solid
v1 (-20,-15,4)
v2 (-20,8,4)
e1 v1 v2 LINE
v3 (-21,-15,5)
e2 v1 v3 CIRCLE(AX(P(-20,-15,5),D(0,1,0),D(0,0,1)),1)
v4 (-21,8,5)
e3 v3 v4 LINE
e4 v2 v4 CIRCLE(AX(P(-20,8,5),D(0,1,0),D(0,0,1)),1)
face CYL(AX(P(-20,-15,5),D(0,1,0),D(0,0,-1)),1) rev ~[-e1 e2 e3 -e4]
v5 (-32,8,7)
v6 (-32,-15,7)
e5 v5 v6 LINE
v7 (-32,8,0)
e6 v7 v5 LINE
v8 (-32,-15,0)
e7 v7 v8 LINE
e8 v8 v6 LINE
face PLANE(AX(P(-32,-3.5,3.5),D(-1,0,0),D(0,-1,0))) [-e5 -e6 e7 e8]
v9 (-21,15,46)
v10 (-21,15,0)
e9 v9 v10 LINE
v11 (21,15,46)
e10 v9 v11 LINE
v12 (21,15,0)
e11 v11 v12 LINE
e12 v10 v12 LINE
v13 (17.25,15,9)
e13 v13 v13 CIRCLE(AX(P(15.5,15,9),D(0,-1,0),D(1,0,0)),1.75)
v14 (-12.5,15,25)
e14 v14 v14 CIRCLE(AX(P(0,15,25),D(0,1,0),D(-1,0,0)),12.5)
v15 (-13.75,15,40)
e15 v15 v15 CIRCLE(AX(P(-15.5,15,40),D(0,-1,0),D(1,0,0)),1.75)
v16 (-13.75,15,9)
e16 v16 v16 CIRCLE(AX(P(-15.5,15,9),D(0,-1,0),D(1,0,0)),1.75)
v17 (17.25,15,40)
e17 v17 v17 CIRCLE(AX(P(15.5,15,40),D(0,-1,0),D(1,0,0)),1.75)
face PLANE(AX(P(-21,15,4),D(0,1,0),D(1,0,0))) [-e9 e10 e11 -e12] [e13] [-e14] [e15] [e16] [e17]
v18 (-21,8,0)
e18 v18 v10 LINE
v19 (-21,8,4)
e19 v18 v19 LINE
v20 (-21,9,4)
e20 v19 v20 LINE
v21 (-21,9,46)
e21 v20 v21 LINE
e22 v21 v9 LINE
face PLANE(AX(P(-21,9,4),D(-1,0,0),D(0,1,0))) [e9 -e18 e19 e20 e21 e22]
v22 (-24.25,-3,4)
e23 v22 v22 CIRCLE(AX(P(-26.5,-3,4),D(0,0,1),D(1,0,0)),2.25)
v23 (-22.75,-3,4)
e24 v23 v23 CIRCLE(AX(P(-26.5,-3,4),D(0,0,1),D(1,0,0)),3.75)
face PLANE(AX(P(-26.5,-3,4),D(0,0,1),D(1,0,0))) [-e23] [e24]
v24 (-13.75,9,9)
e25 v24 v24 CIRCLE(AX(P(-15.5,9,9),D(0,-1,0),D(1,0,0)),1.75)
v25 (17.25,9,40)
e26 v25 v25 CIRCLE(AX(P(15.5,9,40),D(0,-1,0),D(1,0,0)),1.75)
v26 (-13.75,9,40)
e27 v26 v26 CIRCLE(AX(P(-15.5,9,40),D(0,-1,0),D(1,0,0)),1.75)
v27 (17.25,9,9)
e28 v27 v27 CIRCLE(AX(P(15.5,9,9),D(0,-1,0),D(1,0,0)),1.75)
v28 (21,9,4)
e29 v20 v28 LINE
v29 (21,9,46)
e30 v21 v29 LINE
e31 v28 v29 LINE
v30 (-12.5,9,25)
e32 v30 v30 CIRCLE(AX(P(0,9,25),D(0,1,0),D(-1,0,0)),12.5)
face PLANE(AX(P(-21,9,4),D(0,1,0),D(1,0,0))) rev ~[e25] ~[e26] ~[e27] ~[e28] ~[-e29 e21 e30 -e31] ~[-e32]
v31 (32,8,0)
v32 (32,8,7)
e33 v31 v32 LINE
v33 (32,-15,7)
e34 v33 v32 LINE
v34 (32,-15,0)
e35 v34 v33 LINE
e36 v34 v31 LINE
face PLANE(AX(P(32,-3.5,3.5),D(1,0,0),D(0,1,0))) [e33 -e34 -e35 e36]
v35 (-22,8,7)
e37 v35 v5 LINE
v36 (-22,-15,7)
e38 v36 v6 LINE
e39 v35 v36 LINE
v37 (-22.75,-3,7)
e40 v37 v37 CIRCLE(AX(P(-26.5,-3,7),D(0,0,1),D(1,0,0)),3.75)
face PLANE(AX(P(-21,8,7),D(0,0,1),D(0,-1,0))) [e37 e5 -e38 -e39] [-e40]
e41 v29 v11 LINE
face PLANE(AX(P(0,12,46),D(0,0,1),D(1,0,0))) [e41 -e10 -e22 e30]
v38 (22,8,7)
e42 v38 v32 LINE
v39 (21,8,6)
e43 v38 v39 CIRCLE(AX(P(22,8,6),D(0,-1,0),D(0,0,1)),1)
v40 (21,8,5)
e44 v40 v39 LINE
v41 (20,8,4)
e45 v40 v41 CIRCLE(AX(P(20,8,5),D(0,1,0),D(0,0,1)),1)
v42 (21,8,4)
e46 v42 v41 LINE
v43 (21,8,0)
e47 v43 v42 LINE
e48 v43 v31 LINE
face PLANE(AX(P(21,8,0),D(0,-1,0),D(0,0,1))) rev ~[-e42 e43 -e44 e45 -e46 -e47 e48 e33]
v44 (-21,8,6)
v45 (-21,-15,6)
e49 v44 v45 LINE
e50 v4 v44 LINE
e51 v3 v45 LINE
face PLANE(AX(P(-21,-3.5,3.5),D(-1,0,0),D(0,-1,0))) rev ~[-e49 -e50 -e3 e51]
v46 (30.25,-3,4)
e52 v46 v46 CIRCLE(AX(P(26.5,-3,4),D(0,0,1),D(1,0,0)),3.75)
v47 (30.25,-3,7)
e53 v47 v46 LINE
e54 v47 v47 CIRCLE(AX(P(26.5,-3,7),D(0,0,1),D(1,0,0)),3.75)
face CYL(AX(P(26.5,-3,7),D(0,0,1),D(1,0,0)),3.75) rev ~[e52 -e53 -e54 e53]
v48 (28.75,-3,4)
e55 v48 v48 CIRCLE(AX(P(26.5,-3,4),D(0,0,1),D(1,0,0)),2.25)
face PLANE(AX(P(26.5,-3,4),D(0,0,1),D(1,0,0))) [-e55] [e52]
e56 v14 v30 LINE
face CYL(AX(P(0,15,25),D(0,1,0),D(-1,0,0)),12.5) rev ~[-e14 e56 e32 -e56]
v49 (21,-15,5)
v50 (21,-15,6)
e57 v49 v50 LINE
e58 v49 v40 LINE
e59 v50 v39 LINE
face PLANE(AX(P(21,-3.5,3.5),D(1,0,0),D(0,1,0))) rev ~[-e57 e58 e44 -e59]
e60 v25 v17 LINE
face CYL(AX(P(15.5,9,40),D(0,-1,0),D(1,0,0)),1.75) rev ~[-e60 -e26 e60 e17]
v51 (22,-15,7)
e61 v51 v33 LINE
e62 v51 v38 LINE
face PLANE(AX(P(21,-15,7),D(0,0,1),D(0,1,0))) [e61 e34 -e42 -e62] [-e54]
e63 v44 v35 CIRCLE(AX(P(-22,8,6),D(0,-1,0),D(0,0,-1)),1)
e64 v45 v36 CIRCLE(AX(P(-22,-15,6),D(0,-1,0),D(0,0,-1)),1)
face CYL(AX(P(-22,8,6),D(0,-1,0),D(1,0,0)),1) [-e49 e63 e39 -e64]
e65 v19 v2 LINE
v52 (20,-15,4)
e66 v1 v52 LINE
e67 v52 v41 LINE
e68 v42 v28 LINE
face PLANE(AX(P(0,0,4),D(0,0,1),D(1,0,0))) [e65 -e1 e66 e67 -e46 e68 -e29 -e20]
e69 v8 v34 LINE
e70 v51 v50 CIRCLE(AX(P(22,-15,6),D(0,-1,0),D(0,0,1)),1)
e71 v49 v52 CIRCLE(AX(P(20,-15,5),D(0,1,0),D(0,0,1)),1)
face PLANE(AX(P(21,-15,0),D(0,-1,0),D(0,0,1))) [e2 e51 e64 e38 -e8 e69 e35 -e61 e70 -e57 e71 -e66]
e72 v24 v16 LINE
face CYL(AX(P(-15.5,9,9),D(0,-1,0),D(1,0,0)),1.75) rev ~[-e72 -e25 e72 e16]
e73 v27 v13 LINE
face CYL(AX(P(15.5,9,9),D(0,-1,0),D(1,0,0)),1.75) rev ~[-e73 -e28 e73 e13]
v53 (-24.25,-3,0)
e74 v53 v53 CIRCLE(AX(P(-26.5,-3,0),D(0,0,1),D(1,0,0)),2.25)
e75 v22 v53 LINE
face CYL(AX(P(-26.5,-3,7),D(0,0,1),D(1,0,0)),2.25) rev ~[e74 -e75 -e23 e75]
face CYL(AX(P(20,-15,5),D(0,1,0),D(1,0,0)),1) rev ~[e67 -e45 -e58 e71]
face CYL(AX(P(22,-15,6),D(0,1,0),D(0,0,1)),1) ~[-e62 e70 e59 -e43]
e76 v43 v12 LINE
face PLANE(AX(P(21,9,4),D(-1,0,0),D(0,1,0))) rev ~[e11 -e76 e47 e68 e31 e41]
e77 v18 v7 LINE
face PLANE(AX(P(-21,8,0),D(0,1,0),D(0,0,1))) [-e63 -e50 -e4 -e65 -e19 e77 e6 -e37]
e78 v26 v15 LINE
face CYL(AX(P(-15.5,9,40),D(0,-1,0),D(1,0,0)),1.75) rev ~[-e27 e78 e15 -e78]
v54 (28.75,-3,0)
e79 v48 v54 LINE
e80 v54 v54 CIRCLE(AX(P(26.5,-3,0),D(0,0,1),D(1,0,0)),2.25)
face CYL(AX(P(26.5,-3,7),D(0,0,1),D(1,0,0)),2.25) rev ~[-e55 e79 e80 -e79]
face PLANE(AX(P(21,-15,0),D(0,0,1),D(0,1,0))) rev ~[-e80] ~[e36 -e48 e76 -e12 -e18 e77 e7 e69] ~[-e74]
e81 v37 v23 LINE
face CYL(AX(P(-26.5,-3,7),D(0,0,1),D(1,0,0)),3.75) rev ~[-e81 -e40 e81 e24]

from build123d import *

# Parameters (mm, degrees)
SKETCH_W        = 42
SKETCH_H        = 30
PAD_DEPTH       = 4
SKETCH001_W     = 42
SKETCH001_H     = 6
PAD001_DEPTH    = 42
SKETCH002_R     = 12.5
POCKET_DEPTH    = 6
SKETCH003_R     = 1.75
POCKET001_DEPTH = 6
SKETCH004_W     = 23
SKETCH004_H     = 7
PAD002_DEPTH    = 11
SKETCH005_W     = 23
SKETCH005_H     = 7
PAD003_DEPTH    = 11
SKETCH006_R     = 2.25
POCKET002_DEPTH = 10
SKETCH007_R     = 3.75
POCKET003_DEPTH = 3
FILLET_R        = 1


with BuildPart() as part:
    # Sketch → Pad (new body)
    with BuildSketch(Plane.XY):
        Rectangle(SKETCH_W, SKETCH_H)
    extrude(amount=PAD_DEPTH)

    # Sketch001 (on Face6 of Pad) → Pad001 (join)
    with BuildSketch(Plane.XY.offset(4)):
        with Locations((0, 12)):
            Rectangle(SKETCH001_W, SKETCH001_H)
    extrude(amount=PAD001_DEPTH)

    # Sketch002 (on Face7 of Pad001) → Pocket (cut)
    with BuildSketch(Plane(origin=(0, 15, 0), x_dir=(-1, 0, 0), z_dir=(0, 1, 0))):
        with Locations((0, 25)):
            Circle(SKETCH002_R)
    extrude(amount=-POCKET_DEPTH, mode=Mode.SUBTRACT)

    # Sketch003 (on Face6 of Pocket) → Pocket001 (cut)
    with BuildSketch(Plane.XZ.offset(-9)):
        with Locations((15.5, 9)):
            Circle(SKETCH003_R)
        with Locations((-15.5, 9)):
            Circle(SKETCH003_R)
        with Locations((15.5, 40)):
            Circle(SKETCH003_R)
        with Locations((-15.5, 40)):
            Circle(SKETCH003_R)
    extrude(amount=-POCKET001_DEPTH, mode=Mode.SUBTRACT)

    # Sketch004 (on Face2 of Pocket001) → Pad002 (join)
    with BuildSketch(Plane(origin=(-21, 0, 0), x_dir=(0, -1, 0), z_dir=(-1, 0, 0))):
        with Locations((3.5, 3.5)):
            Rectangle(SKETCH004_W, SKETCH004_H)
    extrude(amount=PAD002_DEPTH)

    # Sketch005 (on Face1 of Pad002) → Pad003 (join)
    with BuildSketch(Plane.YZ.offset(21)):
        with Locations((-3.5, 3.5)):
            Rectangle(SKETCH005_W, SKETCH005_H)
    extrude(amount=PAD003_DEPTH)

    # Sketch006 (on Face19 of Pad003) → Pocket002 (cut)
    with BuildSketch(Plane.XY.offset(7)):
        with Locations((-26.5, -3)):
            Circle(SKETCH006_R)
        with Locations((26.5, -3)):
            Circle(SKETCH006_R)
    extrude(amount=-POCKET002_DEPTH, mode=Mode.SUBTRACT)

    # Sketch007 (on Face23 of Pocket002) → Pocket003 (cut)
    with BuildSketch(Plane.XY.offset(7)):
        with Locations((-26.5, -3)):
            Circle(SKETCH007_R)
        with Locations((26.5, -3)):
            Circle(SKETCH007_R)
    extrude(amount=-POCKET003_DEPTH, mode=Mode.SUBTRACT)

    # Fillet
    fillet_edges = [part.edges().sort_by_distance(p)[0] for p in [
        (-21, -3.5, 7),
        (21, -3.5, 7),
        (21, -3.5, 4),
        (-21, -3.5, 4),
    ]]
    fillet(fillet_edges, radius=FILLET_R)


solid = part.part
